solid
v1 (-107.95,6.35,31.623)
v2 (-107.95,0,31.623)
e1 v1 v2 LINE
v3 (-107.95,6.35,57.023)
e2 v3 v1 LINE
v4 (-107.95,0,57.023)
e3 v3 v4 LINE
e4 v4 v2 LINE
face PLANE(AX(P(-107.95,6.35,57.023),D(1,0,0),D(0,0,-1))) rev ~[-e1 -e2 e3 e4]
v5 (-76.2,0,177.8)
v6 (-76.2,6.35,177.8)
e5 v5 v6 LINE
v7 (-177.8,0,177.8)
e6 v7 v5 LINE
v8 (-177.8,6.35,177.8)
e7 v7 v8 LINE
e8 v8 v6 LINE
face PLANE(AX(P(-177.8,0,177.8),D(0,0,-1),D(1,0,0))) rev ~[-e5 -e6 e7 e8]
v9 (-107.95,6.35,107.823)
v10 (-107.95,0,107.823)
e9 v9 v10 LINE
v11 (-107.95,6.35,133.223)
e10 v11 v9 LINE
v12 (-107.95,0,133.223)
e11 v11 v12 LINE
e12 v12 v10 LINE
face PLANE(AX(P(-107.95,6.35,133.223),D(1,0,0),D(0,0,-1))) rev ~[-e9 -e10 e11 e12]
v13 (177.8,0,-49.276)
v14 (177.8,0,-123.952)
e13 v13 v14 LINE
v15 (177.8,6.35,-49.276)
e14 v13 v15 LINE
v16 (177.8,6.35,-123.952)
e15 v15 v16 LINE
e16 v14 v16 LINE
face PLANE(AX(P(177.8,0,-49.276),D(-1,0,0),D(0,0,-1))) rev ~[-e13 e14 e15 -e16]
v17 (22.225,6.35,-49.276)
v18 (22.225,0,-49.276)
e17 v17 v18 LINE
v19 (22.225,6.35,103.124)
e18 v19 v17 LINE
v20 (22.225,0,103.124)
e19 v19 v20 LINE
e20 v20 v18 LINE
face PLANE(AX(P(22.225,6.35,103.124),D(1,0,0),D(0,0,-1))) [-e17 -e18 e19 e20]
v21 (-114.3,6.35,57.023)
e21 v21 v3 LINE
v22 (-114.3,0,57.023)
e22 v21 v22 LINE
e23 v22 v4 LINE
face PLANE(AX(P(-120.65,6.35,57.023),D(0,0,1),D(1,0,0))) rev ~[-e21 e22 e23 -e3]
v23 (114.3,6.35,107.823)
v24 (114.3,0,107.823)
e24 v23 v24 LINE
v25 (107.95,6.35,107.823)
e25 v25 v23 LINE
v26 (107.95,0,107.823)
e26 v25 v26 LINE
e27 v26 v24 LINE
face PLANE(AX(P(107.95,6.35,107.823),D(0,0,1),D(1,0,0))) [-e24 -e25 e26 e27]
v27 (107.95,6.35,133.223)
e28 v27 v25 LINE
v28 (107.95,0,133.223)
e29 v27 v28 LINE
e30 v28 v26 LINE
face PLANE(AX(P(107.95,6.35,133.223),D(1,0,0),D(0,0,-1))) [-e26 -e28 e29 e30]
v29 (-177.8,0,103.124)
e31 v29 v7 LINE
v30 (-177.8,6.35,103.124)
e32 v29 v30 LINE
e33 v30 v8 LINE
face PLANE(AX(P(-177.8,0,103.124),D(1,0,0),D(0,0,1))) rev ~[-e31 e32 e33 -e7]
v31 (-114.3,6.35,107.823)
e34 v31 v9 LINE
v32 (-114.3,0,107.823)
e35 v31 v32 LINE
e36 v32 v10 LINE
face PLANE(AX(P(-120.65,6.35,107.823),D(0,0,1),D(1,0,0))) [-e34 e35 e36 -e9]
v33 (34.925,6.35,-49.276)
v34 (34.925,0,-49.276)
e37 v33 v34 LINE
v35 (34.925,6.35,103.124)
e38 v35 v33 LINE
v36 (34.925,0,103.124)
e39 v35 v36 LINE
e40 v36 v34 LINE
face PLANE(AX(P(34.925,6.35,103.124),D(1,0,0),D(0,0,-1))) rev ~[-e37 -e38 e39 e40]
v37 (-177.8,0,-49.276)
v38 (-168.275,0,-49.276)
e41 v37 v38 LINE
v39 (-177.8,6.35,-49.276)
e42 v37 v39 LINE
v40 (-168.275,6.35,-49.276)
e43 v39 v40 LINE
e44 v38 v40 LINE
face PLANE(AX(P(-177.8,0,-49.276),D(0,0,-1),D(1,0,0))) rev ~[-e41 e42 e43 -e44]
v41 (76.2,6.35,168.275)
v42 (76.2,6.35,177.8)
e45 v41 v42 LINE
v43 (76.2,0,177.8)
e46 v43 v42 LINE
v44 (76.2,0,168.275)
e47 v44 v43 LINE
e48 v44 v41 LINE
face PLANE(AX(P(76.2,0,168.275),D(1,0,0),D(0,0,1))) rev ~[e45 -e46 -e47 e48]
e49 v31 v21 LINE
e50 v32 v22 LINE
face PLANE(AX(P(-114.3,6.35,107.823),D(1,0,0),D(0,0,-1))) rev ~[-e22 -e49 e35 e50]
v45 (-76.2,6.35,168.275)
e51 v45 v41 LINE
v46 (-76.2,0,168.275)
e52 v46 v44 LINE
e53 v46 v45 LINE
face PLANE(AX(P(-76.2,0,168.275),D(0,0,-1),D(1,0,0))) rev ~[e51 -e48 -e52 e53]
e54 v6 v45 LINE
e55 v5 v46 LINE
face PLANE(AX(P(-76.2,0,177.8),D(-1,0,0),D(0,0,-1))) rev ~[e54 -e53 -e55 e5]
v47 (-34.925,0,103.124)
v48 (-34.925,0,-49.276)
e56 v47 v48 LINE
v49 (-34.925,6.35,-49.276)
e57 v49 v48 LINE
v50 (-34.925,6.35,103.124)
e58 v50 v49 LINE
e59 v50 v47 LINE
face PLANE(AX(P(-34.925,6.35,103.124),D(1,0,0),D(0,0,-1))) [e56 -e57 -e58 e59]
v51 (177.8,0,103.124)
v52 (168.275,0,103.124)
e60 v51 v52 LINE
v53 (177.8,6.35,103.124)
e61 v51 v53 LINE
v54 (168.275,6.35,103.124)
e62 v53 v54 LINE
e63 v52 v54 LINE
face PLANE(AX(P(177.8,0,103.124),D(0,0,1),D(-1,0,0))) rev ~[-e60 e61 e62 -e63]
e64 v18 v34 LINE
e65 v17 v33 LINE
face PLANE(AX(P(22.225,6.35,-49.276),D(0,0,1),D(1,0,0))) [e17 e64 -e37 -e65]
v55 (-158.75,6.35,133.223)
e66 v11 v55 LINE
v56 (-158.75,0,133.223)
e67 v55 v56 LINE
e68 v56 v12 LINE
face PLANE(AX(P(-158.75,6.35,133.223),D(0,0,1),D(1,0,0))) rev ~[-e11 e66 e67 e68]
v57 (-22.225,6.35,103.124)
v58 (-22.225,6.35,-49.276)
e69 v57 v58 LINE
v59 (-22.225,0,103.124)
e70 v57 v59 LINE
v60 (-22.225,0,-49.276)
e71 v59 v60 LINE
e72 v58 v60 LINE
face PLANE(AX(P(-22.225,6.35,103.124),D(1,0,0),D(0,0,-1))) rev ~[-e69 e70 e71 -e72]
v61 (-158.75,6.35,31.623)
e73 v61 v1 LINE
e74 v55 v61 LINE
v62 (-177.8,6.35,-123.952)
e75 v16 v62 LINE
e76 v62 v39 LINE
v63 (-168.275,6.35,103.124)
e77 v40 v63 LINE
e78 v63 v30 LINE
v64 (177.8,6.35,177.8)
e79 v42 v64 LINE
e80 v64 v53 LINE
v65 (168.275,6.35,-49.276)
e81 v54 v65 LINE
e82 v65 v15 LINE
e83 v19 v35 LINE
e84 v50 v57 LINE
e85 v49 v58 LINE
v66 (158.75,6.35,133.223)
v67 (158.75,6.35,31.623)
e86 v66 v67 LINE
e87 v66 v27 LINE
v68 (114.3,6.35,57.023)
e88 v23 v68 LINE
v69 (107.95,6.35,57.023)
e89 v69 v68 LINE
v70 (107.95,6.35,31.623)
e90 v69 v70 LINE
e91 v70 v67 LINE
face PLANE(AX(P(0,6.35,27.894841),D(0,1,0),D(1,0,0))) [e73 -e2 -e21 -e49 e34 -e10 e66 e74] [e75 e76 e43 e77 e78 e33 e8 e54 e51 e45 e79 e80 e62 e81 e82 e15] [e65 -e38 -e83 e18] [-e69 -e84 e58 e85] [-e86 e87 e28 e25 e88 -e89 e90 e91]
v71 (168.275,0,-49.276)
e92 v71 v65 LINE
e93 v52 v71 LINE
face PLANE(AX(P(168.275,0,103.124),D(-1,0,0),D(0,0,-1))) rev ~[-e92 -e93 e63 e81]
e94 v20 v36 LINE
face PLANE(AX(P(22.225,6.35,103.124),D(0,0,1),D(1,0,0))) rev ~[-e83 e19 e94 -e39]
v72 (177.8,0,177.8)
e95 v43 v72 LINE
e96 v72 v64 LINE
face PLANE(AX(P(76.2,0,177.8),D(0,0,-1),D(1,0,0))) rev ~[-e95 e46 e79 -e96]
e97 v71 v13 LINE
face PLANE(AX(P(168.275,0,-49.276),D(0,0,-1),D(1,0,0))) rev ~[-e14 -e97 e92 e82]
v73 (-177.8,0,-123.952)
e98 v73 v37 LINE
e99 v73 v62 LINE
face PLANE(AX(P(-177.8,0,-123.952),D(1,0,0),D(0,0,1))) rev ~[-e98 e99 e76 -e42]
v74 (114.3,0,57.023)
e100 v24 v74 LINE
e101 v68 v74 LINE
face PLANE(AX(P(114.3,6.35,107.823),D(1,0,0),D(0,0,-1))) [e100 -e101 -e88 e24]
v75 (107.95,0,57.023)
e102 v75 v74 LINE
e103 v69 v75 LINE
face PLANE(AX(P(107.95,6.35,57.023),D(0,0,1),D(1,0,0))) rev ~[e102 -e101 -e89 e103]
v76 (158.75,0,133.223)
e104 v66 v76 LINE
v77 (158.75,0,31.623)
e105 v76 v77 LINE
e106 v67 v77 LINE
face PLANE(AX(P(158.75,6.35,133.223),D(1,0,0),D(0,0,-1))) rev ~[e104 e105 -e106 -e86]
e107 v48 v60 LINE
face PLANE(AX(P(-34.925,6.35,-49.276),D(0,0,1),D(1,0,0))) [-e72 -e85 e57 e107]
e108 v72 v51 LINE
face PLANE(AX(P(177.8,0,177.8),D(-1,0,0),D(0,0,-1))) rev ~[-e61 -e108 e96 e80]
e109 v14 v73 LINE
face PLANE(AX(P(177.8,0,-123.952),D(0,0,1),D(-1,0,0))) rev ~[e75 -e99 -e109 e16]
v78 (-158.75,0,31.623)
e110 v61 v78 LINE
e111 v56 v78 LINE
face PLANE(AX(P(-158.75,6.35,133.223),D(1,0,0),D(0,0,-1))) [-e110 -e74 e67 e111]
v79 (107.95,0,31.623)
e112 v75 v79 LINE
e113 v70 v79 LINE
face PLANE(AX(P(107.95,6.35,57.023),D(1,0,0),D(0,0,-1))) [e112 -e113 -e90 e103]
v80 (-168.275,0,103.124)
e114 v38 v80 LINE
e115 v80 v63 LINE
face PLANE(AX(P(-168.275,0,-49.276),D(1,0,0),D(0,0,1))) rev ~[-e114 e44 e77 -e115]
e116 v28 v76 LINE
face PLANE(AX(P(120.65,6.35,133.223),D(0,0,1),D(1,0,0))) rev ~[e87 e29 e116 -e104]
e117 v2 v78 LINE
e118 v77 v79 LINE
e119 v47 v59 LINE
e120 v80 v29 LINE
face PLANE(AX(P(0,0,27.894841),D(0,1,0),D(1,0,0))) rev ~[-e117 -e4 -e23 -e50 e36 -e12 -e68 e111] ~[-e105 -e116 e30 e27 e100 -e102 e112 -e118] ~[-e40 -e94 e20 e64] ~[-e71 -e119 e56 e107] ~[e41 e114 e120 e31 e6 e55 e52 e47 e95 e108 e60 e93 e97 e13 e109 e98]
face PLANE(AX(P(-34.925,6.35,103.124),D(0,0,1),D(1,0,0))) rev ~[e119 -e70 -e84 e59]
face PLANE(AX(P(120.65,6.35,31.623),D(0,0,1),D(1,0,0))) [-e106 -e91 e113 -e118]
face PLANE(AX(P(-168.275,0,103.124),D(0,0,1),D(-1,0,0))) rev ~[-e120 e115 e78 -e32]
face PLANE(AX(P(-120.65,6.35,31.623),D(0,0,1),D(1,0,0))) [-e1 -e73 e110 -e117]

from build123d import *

# Parameters (mm, degrees)
BOSS_EXTRUDE1_DEPTH = 6.35
SKETCH4_W           = 38.1
SKETCH4_H           = 101.6
CUT_EXTRUDE3_DEPTH  = 252.527339468
SKETCH5_W           = 12.7
SKETCH5_H           = 25.4
CUT_EXTRUDE4_DEPTH  = 252.527339468
SKETCH6_W           = 6.35
SKETCH6_H           = 50.8
CUT_EXTRUDE5_DEPTH  = 252.527339468
SKETCH13_W          = 12.7
SKETCH13_H          = 152.4
CUT_EXTRUDE8_DEPTH  = 252.527339468


with BuildPart() as part:
    # Sketch1 → Boss-Extrude1 (new body)
    with BuildSketch(Plane(origin=(0, 0, 0), x_dir=(1, 0, 0), z_dir=(0, 1, 0))):
        Polygon((-177.8, -177.8), (-76.2, -177.8), (-76.2, -168.275), (76.2, -168.275), (76.2, -177.8), (177.8, -177.8), (177.8, -103.124), (168.275, -103.124), (168.275, 49.276), (177.8, 49.276), (177.8, 123.952), (-177.8, 123.952), (-177.8, 49.276), (-168.275, 49.276), (-168.275, -103.124), (-177.8, -103.124), align=None)
    extrude(amount=BOSS_EXTRUDE1_DEPTH)

    # Sketch4 → Cut-Extrude3 (cut, through all)
    with BuildSketch(Plane(origin=(0, 6.35, 0), x_dir=(1, 0, 0), z_dir=(0, 1, 0))):
        with Locations((139.7, -82.423)):
            Rectangle(SKETCH4_W, SKETCH4_H)
        with Locations((-139.7, -82.423)):
            Rectangle(SKETCH4_W, SKETCH4_H)
    extrude(amount=-CUT_EXTRUDE3_DEPTH, mode=Mode.SUBTRACT)

    # Sketch5 → Cut-Extrude4 (cut, through all)
    with BuildSketch(Plane(origin=(0, 6.35, 0), x_dir=(1, 0, 0), z_dir=(0, 1, 0))):
        with Locations((114.3, -120.523)):
            Rectangle(SKETCH5_W, SKETCH5_H)
        with Locations((114.3, -44.323)):
            Rectangle(SKETCH5_W, SKETCH5_H)
        with Locations((-114.3, -44.323)):
            Rectangle(SKETCH5_W, SKETCH5_H)
        with Locations((-114.3, -120.523)):
            Rectangle(SKETCH5_W, SKETCH5_H)
    extrude(amount=-CUT_EXTRUDE4_DEPTH, mode=Mode.SUBTRACT)

    # Sketch6 → Cut-Extrude5 (cut, through all)
    with BuildSketch(Plane(origin=(0, 6.35, 0), x_dir=(1, 0, 0), z_dir=(0, 1, 0))):
        with Locations((117.475, -82.423)):
            Rectangle(SKETCH6_W, SKETCH6_H)
        with Locations((-117.475, -82.423)):
            Rectangle(SKETCH6_W, SKETCH6_H)
    extrude(amount=-CUT_EXTRUDE5_DEPTH, mode=Mode.SUBTRACT)

    # Sketch13 → Cut-Extrude8 (cut, through all)
    with BuildSketch(Plane(origin=(0, 6.35, 0), x_dir=(1, 0, 0), z_dir=(0, 1, 0))):
        with Locations((-28.575, -26.924)):
            Rectangle(SKETCH13_W, SKETCH13_H)
        with Locations((28.575, -26.924)):
            Rectangle(SKETCH13_W, SKETCH13_H)
    extrude(amount=-CUT_EXTRUDE8_DEPTH, mode=Mode.SUBTRACT)


solid = part.part
